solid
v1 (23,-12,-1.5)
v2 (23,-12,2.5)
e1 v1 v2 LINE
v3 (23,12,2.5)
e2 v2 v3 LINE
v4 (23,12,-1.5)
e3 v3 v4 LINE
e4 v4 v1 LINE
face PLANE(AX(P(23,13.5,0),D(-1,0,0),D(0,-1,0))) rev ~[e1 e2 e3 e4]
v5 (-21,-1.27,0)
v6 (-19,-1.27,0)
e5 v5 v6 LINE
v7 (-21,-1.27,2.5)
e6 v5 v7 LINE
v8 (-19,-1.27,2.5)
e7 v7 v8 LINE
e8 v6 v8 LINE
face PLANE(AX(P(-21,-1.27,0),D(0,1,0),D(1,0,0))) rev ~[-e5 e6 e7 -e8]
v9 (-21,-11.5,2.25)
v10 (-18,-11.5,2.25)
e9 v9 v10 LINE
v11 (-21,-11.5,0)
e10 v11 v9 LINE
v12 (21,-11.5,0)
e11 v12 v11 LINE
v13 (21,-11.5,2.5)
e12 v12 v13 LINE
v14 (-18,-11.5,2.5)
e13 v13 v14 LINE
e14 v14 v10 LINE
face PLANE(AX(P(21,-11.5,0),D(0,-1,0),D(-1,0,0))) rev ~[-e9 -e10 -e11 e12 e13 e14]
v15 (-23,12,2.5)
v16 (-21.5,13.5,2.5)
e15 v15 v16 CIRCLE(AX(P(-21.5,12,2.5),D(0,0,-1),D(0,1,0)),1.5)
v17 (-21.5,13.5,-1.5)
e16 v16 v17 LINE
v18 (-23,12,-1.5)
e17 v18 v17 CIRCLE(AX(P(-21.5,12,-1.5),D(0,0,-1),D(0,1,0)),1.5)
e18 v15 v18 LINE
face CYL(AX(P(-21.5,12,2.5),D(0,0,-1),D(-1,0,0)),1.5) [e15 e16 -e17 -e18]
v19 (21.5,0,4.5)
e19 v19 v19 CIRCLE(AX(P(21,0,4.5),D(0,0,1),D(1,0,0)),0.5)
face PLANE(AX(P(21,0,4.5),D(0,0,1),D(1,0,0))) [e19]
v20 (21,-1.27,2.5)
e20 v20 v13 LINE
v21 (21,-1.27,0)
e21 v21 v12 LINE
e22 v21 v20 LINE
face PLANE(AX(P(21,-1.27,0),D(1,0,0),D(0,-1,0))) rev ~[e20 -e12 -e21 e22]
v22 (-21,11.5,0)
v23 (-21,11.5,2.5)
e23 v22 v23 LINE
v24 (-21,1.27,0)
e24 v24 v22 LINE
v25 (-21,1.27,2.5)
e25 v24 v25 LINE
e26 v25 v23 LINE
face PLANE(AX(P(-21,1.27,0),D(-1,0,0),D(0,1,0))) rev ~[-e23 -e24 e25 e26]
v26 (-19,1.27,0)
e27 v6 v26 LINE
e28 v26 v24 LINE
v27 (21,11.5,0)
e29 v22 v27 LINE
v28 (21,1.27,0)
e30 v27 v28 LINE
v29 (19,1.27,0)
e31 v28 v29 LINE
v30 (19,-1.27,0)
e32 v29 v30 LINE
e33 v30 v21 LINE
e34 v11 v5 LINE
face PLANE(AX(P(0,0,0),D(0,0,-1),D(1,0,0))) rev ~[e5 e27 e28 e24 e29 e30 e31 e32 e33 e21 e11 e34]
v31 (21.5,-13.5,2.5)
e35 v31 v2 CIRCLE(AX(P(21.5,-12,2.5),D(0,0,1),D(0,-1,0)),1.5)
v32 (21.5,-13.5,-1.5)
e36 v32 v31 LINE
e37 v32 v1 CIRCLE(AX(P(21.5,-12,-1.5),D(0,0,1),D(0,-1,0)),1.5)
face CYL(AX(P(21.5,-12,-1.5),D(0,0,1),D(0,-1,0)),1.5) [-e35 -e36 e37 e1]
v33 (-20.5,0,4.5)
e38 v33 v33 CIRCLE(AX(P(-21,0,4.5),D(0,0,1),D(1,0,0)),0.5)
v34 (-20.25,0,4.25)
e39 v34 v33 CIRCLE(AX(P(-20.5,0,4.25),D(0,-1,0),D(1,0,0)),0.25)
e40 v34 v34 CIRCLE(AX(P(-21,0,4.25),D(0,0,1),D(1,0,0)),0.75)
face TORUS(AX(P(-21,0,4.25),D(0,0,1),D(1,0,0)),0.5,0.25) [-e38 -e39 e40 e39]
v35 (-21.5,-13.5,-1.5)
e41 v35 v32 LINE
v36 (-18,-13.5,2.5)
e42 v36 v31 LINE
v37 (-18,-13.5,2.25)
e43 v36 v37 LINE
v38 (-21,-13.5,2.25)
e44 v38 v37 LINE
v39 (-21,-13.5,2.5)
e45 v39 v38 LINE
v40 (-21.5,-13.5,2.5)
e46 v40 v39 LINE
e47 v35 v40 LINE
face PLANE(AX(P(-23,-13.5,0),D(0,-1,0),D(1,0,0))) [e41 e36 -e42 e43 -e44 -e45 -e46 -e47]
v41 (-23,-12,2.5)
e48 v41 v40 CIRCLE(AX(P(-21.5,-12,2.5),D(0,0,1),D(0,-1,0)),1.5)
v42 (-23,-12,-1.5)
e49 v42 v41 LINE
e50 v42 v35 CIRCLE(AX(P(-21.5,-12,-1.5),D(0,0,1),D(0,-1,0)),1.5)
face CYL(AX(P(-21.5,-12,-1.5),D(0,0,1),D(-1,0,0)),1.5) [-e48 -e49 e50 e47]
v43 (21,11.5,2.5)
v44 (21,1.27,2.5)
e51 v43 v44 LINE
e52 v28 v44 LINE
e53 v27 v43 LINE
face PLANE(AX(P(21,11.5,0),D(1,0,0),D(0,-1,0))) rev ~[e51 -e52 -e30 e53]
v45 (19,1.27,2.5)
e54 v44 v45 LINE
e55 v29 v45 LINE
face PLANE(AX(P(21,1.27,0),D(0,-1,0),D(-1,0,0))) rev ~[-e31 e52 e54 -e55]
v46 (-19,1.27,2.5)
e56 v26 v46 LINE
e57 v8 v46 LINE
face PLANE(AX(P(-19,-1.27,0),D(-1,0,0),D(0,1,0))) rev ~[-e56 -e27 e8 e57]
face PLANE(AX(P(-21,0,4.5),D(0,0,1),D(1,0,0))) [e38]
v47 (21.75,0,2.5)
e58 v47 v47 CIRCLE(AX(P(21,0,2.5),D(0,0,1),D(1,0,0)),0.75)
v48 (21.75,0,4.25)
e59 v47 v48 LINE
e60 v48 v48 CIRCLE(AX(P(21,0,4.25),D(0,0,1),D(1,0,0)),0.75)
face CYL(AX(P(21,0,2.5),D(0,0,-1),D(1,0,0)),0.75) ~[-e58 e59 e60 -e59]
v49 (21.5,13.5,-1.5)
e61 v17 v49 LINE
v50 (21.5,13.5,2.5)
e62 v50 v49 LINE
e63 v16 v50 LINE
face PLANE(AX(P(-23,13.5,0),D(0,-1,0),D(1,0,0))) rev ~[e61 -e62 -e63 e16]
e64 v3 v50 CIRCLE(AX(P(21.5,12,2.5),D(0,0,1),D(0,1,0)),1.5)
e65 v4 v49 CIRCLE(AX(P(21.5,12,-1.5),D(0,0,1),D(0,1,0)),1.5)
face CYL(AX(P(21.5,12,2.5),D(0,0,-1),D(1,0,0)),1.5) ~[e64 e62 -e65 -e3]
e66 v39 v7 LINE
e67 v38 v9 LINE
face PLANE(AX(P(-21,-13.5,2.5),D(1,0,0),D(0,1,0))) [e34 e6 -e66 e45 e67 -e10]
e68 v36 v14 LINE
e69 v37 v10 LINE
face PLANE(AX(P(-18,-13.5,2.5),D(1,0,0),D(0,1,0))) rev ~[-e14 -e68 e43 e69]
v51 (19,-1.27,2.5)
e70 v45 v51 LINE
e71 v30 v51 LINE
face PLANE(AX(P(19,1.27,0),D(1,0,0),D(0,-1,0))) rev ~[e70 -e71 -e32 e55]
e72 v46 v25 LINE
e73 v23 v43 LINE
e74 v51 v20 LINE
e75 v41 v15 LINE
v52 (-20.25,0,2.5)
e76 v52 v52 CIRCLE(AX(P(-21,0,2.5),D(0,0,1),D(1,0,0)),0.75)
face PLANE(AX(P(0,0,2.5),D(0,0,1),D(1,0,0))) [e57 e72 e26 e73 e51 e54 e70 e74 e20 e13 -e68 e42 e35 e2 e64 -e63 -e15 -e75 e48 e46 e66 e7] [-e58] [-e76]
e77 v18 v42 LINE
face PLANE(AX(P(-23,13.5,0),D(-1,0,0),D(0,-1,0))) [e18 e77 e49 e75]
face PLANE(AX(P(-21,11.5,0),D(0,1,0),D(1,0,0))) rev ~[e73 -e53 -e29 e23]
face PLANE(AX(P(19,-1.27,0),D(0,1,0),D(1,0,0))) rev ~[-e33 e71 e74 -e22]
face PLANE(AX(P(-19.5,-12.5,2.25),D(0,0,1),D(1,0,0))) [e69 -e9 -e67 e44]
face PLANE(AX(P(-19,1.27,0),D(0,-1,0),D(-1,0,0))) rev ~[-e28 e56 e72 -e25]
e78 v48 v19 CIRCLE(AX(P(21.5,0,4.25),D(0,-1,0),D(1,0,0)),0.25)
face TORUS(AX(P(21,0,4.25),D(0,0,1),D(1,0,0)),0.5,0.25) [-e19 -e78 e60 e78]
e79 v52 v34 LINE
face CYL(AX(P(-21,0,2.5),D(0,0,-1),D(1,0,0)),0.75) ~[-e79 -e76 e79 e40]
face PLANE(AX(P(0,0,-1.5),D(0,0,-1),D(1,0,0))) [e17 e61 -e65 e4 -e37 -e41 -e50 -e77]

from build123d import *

# Parameters (mm, degrees)
SKETCH_W     = 46
SKETCH_H     = 27
PAD_DEPTH    = 2.5
SKETCH001_W  = 46
SKETCH001_H  = 27
PAD001_DEPTH = 1.5
SKETCH002_R  = 0.75
PAD002_DEPTH = 2
SKETCH003_W  = 3
SKETCH003_H  = 2
POCKET_DEPTH = 0.25
FILLET_R     = 0.25
FILLET001_R  = 1.5


with BuildPart() as part:
    # Sketch → Pad (new body)
    with BuildSketch(Plane.XY):
        Rectangle(SKETCH_W, SKETCH_H)
        Polygon((-21, 11.5), (21, 11.5), (21, 1.27), (19, 1.27), (19, -1.27), (21, -1.27), (21, -11.5), (-21, -11.5), (-21, -1.27), (-19, -1.27), (-19, 1.27), (-21, 1.27), align=None, mode=Mode.SUBTRACT)
    extrude(amount=PAD_DEPTH)

    # Sketch001 (on Face17 of Pad) → Pad001 (join)
    with BuildSketch(Plane(origin=(0, 0, 0), x_dir=(1, 0, 0), z_dir=(0, 0, -1))):
        Rectangle(SKETCH001_W, SKETCH001_H)
    extrude(amount=PAD001_DEPTH)

    # Sketch002 (on Face5 of Pad001) → Pad002 (join)
    with BuildSketch(Plane.XY.offset(2.5)):
        with Locations((-21, 0)):
            Circle(SKETCH002_R)
        with Locations((21, 0)):
            Circle(SKETCH002_R)
    extrude(amount=PAD002_DEPTH)

    # Sketch003 → Pocket (cut)
    with BuildSketch(Plane.XY.offset(2.5)):
        with Locations((-19.5, -12.5)):
            Rectangle(SKETCH003_W, SKETCH003_H)
    extrude(amount=-POCKET_DEPTH, mode=Mode.SUBTRACT)

    # Fillet
    fillet_edges = [part.edges().sort_by_distance(p)[0] for p in [
        (20.25, 0, 4.5),
        (-21.75, 0, 4.5),
    ]]
    fillet(fillet_edges, radius=FILLET_R)

    # Fillet001
    fillet001_edges = [part.edges().sort_by_distance(p)[0] for p in [
        (-23, -13.5, 1.25),
        (23, -13.5, 1.25),
        (-23, 13.5, 1.25),
        (23, 13.5, 1.25),
    ]]
    fillet(fillet001_edges, radius=FILLET001_R)


solid = part.part
